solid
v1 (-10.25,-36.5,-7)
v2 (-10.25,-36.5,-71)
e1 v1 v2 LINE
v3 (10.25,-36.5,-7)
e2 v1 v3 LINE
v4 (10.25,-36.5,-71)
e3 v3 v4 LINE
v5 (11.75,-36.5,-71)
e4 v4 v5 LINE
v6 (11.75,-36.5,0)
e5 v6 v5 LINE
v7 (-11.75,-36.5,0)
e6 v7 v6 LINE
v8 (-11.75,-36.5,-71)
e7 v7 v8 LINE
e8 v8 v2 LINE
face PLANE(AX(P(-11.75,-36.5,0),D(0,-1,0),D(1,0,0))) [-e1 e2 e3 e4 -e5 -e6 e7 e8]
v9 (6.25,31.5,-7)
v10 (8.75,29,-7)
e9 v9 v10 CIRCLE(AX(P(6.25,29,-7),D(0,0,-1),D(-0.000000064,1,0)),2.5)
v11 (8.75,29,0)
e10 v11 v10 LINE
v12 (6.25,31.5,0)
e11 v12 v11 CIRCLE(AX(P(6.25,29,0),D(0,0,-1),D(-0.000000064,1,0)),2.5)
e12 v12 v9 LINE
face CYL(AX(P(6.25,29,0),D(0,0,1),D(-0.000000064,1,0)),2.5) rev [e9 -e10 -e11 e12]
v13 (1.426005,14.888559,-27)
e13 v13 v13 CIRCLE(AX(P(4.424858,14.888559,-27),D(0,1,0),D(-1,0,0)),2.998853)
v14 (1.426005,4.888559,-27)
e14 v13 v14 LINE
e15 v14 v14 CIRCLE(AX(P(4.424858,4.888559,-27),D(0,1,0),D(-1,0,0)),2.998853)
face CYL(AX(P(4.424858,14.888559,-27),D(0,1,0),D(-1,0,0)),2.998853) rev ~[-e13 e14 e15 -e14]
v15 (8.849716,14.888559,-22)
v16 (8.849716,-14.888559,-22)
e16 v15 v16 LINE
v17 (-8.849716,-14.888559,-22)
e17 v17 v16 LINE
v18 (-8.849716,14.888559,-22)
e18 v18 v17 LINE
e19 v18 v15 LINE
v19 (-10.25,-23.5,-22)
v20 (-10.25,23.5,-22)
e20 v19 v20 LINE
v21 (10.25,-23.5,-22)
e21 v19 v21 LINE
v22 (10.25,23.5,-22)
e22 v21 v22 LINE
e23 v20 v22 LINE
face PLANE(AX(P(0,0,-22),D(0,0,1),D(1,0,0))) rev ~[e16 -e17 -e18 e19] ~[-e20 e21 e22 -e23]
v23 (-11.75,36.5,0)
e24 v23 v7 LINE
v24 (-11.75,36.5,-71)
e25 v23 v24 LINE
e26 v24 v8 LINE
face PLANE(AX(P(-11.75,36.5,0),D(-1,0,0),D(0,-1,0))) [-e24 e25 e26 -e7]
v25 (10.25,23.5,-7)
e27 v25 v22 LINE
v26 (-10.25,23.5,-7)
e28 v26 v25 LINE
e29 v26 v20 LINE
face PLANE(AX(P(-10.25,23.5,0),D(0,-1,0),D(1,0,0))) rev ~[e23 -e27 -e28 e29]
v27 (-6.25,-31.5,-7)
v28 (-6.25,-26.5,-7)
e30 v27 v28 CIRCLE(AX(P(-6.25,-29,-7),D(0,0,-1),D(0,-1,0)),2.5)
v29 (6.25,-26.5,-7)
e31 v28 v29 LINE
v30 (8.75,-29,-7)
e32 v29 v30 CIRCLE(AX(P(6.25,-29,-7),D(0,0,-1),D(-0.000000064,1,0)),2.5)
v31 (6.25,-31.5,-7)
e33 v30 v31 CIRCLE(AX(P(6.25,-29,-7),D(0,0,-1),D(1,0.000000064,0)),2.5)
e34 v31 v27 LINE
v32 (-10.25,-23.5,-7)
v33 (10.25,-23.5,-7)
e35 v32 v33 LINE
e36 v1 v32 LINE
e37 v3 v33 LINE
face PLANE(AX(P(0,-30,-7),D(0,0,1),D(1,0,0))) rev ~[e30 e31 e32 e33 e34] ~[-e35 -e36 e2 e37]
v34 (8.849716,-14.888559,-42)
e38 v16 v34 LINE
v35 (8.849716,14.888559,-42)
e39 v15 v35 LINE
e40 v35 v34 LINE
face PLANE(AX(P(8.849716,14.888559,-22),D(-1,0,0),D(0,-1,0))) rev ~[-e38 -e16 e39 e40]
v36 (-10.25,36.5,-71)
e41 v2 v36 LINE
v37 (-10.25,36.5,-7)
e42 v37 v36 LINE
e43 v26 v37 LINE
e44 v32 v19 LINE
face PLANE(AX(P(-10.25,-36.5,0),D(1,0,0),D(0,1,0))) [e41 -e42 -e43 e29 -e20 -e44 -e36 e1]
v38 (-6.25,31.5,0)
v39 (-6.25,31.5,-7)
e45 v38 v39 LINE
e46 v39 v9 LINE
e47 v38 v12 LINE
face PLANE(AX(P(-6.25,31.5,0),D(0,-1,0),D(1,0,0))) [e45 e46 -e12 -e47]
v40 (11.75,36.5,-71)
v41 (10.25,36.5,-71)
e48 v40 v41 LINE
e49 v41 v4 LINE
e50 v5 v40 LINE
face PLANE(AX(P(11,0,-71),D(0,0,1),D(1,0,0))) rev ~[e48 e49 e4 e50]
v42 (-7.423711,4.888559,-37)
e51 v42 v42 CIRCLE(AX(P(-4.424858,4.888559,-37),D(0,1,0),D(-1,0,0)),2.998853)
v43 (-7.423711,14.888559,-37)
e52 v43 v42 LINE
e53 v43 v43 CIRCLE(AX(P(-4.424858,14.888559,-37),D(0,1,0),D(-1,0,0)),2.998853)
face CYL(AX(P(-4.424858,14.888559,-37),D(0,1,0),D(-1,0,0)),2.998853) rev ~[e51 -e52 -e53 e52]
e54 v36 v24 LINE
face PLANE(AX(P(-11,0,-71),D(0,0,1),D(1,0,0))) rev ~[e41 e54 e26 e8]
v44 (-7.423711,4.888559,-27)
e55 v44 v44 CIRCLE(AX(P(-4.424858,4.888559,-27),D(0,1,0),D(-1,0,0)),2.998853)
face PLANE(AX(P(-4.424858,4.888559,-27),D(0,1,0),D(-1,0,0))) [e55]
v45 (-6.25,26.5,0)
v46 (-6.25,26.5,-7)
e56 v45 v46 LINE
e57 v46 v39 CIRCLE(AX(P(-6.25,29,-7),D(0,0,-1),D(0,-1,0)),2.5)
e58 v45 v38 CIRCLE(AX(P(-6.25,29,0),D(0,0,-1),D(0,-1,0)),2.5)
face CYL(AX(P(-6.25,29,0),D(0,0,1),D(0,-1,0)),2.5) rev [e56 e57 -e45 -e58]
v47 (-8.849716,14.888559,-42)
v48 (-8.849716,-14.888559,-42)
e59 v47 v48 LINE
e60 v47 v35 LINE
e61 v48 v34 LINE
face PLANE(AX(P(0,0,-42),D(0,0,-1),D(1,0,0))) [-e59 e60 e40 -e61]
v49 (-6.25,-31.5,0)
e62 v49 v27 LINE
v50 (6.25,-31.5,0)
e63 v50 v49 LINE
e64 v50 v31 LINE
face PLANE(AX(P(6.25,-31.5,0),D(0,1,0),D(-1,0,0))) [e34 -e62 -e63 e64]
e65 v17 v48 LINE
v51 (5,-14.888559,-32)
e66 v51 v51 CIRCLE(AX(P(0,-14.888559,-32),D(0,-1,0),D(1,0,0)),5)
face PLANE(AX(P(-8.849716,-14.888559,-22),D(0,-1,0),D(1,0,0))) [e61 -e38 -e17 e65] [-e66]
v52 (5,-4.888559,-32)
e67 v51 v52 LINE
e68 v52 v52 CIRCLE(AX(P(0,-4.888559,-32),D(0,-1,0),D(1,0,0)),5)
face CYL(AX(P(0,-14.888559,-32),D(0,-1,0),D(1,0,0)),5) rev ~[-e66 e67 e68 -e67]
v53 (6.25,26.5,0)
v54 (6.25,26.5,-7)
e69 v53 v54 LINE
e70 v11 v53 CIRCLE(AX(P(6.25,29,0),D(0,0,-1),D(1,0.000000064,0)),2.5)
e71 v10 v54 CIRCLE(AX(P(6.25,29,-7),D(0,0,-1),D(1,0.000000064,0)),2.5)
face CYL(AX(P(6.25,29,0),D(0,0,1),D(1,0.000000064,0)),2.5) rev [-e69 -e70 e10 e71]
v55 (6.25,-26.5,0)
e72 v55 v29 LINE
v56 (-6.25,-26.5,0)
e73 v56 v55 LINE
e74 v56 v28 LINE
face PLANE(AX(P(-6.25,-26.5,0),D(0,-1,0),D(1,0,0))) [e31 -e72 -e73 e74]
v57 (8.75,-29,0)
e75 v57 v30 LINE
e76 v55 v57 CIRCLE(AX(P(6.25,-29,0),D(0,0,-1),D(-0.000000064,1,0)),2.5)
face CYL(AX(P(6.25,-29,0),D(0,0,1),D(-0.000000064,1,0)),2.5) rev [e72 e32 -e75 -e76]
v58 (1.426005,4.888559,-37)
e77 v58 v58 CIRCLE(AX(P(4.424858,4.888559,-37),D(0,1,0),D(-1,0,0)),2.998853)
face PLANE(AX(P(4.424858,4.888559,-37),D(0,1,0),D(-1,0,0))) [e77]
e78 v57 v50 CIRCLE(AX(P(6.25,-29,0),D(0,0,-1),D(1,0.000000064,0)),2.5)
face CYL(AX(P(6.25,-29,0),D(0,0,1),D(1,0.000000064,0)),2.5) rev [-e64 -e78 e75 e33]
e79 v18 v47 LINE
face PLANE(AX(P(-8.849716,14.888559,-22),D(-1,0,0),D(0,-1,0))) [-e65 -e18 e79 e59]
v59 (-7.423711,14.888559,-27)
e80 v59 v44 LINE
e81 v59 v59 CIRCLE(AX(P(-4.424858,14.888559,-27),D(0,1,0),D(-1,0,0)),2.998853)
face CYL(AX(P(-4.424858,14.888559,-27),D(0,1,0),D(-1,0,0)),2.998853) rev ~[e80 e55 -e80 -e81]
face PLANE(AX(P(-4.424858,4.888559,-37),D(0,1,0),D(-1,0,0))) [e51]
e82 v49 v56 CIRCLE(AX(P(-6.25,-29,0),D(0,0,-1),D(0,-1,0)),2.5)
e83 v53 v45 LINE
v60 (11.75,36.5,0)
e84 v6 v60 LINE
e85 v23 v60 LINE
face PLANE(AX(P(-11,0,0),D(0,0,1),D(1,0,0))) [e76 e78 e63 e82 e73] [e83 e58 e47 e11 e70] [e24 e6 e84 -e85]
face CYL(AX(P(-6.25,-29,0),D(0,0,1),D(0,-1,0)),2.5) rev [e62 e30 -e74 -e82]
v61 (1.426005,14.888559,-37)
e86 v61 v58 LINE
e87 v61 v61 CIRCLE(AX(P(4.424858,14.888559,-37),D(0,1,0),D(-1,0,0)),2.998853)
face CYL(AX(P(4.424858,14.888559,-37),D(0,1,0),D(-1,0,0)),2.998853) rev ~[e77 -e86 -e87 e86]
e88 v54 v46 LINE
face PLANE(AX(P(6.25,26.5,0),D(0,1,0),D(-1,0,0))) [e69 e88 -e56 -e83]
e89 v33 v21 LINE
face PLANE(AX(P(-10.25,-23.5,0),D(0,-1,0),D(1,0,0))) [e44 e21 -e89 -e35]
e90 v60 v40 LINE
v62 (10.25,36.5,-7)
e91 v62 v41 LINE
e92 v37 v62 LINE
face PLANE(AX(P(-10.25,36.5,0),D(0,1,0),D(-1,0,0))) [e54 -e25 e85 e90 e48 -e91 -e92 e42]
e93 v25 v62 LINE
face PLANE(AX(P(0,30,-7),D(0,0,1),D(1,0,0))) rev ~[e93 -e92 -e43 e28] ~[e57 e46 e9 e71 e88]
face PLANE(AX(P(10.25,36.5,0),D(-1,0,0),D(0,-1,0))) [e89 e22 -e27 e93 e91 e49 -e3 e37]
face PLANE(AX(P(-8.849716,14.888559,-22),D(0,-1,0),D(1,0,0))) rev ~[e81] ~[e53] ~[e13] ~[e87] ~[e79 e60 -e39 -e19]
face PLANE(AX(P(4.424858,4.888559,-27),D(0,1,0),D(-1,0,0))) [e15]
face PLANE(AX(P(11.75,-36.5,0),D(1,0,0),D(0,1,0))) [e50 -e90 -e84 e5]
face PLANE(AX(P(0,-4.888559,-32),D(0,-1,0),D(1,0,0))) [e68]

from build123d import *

# Parameters (mm, degrees)
F0_W     = 20.5
F0_H     = 47
F1_DEPTH = 22
F0_H_2   = 13
F2_DEPTH = 7
F3_DEPTH = 71
F4_W     = 17.699432
F4_H     = 29.777118
F5_DEPTH = 20
F6_R     = 5
F7_DEPTH = 10
F8_R     = 2.998853
F9_DEPTH = 10


with BuildPart() as f1:
    # F0 (on Top) → F1 (new body)
    with BuildSketch(Plane.XY):
        Rectangle(F0_W, F0_H)
    extrude(amount=-F1_DEPTH)

    # F0 (on Top) → F2 (join)
    with BuildSketch(Plane.XY):
        with Locations((0, -30)):
            Rectangle(F0_W, F0_H_2)
        with BuildLine():
            ThreePointArc((-6.25, -31.5), (-8.75, -29), (-6.25, -26.5))
            Line((-6.25, -26.5), (6.25, -26.5))
            ThreePointArc((6.25, -26.5), (8.017767, -27.232233), (8.75, -29))
            ThreePointArc((8.75, -29), (8.017767, -30.767767), (6.25, -31.5))
            Line((6.25, -31.5), (-6.25, -31.5))
        make_face(mode=Mode.SUBTRACT)
        with Locations((0, 30)):
            Rectangle(F0_W, F0_H_2)
        with BuildLine():
            ThreePointArc((6.25, 31.5), (8.017767, 30.767767), (8.75, 29))
            ThreePointArc((8.75, 29), (8.017767, 27.232233), (6.25, 26.5))
            Line((6.25, 26.5), (-6.25, 26.5))
            ThreePointArc((-6.25, 26.5), (-8.75, 29), (-6.25, 31.5))
            Line((-6.25, 31.5), (6.25, 31.5))
        make_face(mode=Mode.SUBTRACT)
    extrude(amount=-F2_DEPTH)

    # F0 (on Top) → F3 (join)
    with BuildSketch(Plane.XY):
        Polygon((-10.25, 36.5), (-11.75, 36.5), (-11.75, -36.5), (-10.25, -36.5), (-10.25, -23.5), (-10.25, 23.5), align=None)
        Polygon((11.75, 36.5), (10.25, 36.5), (10.25, 23.5), (10.25, -23.5), (10.25, -36.5), (11.75, -36.5), align=None)
    extrude(amount=-F3_DEPTH)

    # F4 (on face) → F5 (join)
    with BuildSketch(Plane(origin=(0, 0, -22), x_dir=(1, 0, 0), z_dir=(0, 0, -1))):
        Rectangle(F4_W, F4_H)
    extrude(amount=F5_DEPTH)

    # F6 (on face) → F7 (cut)
    with BuildSketch(Plane.XZ.offset(14.888559)):
        with Locations((0, -32)):
            Circle(F6_R)
    extrude(amount=-F7_DEPTH, mode=Mode.SUBTRACT)

    # F8 (on face) → F9 (cut)
    with BuildSketch(Plane(origin=(0, 14.888559, 0), x_dir=(-1, 0, 0), z_dir=(0, 1, 0))):
        with Locations((4.424858, -27)):
            Circle(F8_R)
        with Locations((4.424858, -37)):
            Circle(F8_R)
        with Locations((-4.424858, -37)):
            Circle(F8_R)
        with Locations((-4.424858, -27)):
            Circle(F8_R)
    extrude(amount=-F9_DEPTH, mode=Mode.SUBTRACT)


solid = f1.part
